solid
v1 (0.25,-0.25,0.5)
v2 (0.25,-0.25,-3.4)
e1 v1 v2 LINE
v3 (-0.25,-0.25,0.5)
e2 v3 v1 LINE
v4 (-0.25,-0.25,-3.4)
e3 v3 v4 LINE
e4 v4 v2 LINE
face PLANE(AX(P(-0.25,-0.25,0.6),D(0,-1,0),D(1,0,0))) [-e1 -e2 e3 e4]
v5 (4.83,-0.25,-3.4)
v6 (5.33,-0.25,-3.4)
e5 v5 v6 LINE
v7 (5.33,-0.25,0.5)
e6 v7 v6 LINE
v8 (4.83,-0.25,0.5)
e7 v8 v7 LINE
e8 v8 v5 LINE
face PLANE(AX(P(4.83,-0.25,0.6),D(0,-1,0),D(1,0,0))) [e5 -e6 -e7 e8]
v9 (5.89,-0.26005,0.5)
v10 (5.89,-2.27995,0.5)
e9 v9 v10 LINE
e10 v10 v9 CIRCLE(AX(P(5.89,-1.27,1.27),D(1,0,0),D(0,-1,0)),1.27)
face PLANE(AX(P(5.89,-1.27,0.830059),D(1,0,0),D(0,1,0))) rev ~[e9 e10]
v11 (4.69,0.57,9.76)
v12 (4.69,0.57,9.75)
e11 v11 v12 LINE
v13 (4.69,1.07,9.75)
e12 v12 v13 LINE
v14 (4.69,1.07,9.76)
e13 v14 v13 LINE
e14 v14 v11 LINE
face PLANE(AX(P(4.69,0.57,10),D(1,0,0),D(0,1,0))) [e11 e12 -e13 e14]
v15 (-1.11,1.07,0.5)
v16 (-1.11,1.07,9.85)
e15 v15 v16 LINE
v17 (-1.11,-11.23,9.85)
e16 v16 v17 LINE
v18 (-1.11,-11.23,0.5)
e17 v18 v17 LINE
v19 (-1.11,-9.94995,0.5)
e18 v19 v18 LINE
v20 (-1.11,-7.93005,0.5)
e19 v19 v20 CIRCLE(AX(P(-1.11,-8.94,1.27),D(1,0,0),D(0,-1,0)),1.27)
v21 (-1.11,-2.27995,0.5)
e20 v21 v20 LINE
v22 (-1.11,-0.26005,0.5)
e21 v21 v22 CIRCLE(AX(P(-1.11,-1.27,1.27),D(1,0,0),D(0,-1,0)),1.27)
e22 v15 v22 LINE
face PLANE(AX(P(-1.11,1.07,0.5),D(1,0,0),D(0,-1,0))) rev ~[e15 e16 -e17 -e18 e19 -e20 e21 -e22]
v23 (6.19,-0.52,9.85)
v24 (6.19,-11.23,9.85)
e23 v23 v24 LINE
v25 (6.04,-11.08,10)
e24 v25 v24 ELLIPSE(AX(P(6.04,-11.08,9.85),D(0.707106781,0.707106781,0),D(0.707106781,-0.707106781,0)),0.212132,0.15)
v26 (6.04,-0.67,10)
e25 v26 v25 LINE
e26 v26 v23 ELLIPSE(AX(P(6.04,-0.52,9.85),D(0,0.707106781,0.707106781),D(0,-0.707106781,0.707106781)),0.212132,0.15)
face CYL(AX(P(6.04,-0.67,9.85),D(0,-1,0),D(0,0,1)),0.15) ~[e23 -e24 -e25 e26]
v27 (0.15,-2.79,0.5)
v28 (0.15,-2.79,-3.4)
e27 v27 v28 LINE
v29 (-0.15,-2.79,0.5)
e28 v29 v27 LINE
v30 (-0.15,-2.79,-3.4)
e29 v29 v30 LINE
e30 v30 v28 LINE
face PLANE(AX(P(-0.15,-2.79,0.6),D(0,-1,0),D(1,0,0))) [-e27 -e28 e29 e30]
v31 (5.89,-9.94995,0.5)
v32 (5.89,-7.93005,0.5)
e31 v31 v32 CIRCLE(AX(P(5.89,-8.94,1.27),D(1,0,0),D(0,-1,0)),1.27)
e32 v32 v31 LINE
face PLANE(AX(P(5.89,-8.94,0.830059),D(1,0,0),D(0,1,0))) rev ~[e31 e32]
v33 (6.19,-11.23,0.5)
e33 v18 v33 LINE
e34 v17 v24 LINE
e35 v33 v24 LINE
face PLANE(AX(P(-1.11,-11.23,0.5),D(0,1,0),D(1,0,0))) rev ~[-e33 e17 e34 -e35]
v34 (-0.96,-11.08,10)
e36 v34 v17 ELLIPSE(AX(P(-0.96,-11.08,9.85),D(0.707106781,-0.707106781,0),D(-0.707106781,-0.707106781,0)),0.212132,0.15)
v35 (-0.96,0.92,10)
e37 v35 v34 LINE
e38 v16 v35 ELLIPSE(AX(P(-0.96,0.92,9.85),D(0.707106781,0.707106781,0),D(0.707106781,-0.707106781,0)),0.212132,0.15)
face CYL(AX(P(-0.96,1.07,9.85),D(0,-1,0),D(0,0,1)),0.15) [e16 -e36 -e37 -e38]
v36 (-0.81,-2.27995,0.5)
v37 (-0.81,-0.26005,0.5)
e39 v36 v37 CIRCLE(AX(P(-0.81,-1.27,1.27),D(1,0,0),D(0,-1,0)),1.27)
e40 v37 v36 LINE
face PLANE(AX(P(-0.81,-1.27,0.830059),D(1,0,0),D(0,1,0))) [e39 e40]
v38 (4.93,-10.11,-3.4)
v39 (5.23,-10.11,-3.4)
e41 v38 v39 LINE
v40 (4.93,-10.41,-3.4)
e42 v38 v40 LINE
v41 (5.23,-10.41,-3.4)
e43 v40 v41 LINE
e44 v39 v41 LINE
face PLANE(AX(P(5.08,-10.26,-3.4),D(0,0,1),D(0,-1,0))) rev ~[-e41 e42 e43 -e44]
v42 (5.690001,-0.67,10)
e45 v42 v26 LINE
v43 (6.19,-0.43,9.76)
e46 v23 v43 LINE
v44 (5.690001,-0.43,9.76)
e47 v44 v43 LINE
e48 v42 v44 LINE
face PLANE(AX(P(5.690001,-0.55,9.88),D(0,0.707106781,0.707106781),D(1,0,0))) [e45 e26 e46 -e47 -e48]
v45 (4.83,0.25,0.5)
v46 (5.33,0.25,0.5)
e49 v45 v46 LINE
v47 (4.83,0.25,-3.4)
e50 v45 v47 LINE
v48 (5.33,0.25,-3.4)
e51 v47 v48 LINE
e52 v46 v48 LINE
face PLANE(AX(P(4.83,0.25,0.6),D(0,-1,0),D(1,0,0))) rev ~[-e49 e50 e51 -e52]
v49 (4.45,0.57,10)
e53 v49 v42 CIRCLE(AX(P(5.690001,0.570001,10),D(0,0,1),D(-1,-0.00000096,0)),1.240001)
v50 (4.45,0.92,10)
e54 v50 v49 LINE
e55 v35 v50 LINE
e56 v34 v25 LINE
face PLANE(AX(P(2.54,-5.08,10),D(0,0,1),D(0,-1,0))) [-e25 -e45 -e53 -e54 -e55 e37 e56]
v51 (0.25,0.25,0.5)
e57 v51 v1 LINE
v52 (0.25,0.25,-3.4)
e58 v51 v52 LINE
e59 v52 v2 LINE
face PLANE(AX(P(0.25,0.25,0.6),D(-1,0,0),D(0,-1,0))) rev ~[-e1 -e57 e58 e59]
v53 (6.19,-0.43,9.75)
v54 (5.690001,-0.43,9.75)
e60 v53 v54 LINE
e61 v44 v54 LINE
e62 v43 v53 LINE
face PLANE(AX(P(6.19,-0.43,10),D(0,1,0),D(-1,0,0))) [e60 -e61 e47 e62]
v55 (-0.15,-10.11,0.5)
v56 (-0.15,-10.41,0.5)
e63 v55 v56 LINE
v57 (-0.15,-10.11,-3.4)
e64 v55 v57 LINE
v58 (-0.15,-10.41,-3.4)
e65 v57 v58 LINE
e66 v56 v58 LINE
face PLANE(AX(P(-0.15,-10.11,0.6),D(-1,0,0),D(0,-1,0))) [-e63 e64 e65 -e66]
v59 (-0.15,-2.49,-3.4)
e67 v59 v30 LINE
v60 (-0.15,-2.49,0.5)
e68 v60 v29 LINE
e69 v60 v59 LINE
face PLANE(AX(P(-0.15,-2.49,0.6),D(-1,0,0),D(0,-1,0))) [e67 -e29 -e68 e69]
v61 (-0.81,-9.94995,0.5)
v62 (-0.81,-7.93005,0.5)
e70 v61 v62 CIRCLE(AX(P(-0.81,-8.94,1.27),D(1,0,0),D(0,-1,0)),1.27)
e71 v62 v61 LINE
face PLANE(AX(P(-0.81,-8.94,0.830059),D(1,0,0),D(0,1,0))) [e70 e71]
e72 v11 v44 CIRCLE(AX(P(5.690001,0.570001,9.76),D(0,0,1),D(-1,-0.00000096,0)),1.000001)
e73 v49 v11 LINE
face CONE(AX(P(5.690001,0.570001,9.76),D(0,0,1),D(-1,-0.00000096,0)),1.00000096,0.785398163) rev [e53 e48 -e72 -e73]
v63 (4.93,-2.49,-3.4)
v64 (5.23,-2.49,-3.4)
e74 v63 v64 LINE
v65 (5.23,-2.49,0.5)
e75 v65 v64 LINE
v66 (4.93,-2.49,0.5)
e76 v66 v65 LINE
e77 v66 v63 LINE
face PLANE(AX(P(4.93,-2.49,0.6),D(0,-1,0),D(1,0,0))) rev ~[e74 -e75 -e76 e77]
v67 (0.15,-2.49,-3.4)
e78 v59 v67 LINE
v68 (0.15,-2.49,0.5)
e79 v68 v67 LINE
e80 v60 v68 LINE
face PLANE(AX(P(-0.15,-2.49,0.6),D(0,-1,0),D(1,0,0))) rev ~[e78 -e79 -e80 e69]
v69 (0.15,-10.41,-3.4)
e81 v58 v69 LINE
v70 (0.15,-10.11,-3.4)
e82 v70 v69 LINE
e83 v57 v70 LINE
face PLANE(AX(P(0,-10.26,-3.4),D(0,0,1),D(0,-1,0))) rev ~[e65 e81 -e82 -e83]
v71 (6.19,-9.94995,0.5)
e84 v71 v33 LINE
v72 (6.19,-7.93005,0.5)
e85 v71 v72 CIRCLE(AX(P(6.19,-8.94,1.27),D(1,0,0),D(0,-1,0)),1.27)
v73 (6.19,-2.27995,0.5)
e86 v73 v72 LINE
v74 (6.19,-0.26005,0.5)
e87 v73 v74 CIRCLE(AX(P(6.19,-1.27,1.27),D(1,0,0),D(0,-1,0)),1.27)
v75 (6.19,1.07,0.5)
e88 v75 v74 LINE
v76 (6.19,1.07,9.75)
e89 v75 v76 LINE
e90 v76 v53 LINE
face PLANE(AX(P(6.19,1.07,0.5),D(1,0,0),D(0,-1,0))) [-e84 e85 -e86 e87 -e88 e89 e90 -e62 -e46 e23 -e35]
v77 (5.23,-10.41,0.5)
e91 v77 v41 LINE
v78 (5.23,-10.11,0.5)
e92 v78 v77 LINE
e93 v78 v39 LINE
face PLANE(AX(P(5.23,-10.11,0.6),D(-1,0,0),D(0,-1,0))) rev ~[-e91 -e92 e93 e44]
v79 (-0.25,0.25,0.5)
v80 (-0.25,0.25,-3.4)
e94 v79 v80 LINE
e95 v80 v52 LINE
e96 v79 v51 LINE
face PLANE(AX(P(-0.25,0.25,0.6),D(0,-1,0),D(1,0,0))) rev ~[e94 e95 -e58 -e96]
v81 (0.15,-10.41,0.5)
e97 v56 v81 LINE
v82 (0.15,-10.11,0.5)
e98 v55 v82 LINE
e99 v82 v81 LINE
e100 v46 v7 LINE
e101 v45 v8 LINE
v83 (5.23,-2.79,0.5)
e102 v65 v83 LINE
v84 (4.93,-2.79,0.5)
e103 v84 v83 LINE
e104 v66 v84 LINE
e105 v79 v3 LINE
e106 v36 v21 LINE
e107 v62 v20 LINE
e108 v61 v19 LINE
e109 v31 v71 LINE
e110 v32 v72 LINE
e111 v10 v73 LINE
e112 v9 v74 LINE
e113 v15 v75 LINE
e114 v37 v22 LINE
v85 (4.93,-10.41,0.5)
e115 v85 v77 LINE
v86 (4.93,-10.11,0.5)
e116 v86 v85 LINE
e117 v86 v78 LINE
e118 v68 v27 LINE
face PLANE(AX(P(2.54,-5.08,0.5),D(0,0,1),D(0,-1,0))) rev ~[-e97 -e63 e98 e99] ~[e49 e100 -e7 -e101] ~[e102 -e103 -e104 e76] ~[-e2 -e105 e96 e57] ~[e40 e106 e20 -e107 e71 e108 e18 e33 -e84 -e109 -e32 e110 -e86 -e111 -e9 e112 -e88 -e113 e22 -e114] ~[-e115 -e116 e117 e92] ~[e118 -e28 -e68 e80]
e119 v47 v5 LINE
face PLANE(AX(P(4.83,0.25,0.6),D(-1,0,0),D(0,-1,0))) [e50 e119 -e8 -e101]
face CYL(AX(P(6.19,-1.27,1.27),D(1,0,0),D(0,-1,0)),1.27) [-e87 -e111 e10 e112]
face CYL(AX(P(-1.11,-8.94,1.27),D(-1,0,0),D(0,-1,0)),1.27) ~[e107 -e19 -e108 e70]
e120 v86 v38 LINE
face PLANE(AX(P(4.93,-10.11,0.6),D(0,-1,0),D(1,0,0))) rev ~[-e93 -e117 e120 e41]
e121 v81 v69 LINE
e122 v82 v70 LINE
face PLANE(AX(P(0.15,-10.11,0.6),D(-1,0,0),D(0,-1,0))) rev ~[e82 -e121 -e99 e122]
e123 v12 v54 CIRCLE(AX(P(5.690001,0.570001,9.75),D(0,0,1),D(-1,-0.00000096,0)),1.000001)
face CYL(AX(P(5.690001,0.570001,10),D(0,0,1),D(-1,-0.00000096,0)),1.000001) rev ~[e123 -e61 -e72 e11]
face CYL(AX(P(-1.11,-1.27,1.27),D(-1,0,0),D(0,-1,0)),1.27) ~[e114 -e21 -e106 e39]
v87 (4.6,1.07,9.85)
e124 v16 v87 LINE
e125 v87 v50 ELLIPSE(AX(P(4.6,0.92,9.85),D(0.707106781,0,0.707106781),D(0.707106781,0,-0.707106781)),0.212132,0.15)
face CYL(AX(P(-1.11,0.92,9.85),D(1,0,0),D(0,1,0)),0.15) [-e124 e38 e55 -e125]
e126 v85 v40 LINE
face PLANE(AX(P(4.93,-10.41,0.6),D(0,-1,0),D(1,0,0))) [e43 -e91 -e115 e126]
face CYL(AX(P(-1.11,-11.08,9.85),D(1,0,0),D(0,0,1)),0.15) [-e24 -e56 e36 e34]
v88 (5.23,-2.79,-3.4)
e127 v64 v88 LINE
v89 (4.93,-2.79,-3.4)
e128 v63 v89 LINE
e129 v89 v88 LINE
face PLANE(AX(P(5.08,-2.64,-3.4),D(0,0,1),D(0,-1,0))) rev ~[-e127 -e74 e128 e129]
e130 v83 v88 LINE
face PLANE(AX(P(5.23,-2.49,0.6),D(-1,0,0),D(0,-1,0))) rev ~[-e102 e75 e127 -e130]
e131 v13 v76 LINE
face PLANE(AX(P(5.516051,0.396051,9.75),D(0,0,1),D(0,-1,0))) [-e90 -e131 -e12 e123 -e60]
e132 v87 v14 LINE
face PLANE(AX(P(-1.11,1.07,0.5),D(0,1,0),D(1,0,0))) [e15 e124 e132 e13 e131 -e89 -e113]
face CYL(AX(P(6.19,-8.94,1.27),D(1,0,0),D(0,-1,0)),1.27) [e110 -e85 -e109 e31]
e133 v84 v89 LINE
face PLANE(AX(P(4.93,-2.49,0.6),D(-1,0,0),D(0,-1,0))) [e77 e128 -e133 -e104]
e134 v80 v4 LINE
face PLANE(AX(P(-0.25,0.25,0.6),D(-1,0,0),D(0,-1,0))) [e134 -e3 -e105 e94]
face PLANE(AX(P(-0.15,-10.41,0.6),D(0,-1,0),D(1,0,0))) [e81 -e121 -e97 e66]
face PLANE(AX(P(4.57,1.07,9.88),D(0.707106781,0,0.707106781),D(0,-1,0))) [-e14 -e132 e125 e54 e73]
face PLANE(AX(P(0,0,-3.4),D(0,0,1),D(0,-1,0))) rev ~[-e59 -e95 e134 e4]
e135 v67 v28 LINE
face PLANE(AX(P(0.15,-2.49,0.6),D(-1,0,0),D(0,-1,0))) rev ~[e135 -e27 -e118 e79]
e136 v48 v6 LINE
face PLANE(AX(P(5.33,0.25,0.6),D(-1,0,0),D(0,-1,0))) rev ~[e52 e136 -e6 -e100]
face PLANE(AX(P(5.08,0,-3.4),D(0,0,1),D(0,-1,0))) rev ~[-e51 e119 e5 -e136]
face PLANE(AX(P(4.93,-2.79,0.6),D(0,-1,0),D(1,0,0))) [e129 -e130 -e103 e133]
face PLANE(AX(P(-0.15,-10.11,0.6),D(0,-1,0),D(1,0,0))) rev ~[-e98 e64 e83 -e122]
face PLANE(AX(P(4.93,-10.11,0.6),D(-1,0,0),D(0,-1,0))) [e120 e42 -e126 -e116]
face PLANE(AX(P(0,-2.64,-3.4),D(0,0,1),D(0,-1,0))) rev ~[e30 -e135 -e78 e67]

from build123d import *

# Parameters (mm, degrees)
PAD002_DEPTH  = 0.3
SKETCH_W      = 12.3
SKETCH_H      = 7.3
PAD_DEPTH     = 9.5
POCKET_DEPTH  = 0.25
CHAMFER_SIZE  = 0.24
FILLET_R      = 0.15
SKETCH001_W   = 0.5
SKETCH001_H   = 0.5
SKETCH001_W_2 = 0.3
SKETCH001_H_2 = 0.3
PAD001_DEPTH  = 4
PAD003_DEPTH  = 0.3


with BuildPart() as pad002:
    # Sketch003 → Pad002 (new body)
    with BuildSketch(Plane.YZ.offset(6.19)):
        with BuildLine():
            ThreePointArc((-10.21, 1.27), (-8.94, 0), (-7.67, 1.27))
            Line((-10.21, 1.27), (-7.67, 1.27))
        make_face()
        with BuildLine():
            ThreePointArc((-2.54, 1.27), (-1.27, 0), (0, 1.27))
            Line((-2.54, 1.27), (0, 1.27))
        make_face()
    extrude(amount=-PAD002_DEPTH)


with BuildPart() as fillet_body:
    # Sketch → Pad (new body)
    with BuildSketch(Plane(origin=(0, 0, 0.5), x_dir=(0, -1, 0), z_dir=(0, 0, 1))):
        with Locations((5.08, 2.54)):
            Rectangle(SKETCH_W, SKETCH_H)
    extrude(amount=PAD_DEPTH)

    # Sketch002 → Pocket (cut)
    with BuildSketch(Plane(origin=(0, 0, 10), x_dir=(0, -1, 0), z_dir=(0, 0, 1))):
        with BuildLine():
            ThreePointArc((-0.57, 4.69), (0.137107, 4.982894), (0.43, 5.690001))
            Line((0.43, 6.19), (0.43, 5.690001))
            Line((-1.07, 6.19), (0.43, 6.19))
            Line((-1.07, 4.69), (-1.07, 6.19))
            Line((-0.57, 4.69), (-1.07, 4.69))
        make_face()
    extrude(amount=-POCKET_DEPTH, mode=Mode.SUBTRACT)

    # Chamfer
    chamfer_edges = [fillet_body.edges().sort_by_distance(p)[0] for p in [
        (4.982894, -0.137107, 10),
        (5.940001, -0.43, 10),
        (4.69, 0.82, 10),
    ]]
    chamfer(chamfer_edges, length=CHAMFER_SIZE)

    # Fillet
    fillet_edges = [fillet_body.edges().sort_by_distance(p)[0] for p in [
        (6.19, -5.95, 10),
        (1.67, 1.07, 10),
        (-1.11, -5.08, 10),
        (2.54, -11.23, 10),
    ]]
    fillet(fillet_edges, radius=FILLET_R)


with BuildPart() as pad001:
    # Sketch001 → Pad001 (new body)
    with BuildSketch(Plane(origin=(0, 0, 0.6), x_dir=(0, -1, 0), z_dir=(0, 0, 1))):
        Rectangle(SKETCH001_W, SKETCH001_H)
        with Locations((2.64, 0)):
            Rectangle(SKETCH001_W_2, SKETCH001_H_2)
        with Locations((0, 5.08)):
            Rectangle(SKETCH001_W, SKETCH001_H)
        with Locations((2.64, 5.08)):
            Rectangle(SKETCH001_W_2, SKETCH001_H_2)
        with Locations((10.26, 0)):
            Rectangle(SKETCH001_W_2, SKETCH001_H_2)
        with Locations((10.26, 5.08)):
            Rectangle(SKETCH001_W_2, SKETCH001_H_2)
    extrude(amount=-PAD001_DEPTH)


with BuildPart() as pad003_mp_cp:
    # Sketch004 → Pad003 (new body)
    with BuildSketch(Plane.YZ.offset(-1.11)):
        with BuildLine():
            ThreePointArc((-10.21, 1.27), (-8.94, 0), (-7.67, 1.27))
            Line((-10.21, 1.27), (-7.67, 1.27))
        make_face()
        with BuildLine():
            ThreePointArc((-2.54, 1.27), (-1.27, 0), (0, 1.27))
            Line((-2.54, 1.27), (0, 1.27))
        make_face()
    extrude(amount=PAD003_DEPTH)

    # Pad003_mp_cp: union Pad002, Fillet body, Pad001
    add(pad002.part)
    add(fillet_body.part)
    add(pad001.part)


solid = pad003_mp_cp.part
